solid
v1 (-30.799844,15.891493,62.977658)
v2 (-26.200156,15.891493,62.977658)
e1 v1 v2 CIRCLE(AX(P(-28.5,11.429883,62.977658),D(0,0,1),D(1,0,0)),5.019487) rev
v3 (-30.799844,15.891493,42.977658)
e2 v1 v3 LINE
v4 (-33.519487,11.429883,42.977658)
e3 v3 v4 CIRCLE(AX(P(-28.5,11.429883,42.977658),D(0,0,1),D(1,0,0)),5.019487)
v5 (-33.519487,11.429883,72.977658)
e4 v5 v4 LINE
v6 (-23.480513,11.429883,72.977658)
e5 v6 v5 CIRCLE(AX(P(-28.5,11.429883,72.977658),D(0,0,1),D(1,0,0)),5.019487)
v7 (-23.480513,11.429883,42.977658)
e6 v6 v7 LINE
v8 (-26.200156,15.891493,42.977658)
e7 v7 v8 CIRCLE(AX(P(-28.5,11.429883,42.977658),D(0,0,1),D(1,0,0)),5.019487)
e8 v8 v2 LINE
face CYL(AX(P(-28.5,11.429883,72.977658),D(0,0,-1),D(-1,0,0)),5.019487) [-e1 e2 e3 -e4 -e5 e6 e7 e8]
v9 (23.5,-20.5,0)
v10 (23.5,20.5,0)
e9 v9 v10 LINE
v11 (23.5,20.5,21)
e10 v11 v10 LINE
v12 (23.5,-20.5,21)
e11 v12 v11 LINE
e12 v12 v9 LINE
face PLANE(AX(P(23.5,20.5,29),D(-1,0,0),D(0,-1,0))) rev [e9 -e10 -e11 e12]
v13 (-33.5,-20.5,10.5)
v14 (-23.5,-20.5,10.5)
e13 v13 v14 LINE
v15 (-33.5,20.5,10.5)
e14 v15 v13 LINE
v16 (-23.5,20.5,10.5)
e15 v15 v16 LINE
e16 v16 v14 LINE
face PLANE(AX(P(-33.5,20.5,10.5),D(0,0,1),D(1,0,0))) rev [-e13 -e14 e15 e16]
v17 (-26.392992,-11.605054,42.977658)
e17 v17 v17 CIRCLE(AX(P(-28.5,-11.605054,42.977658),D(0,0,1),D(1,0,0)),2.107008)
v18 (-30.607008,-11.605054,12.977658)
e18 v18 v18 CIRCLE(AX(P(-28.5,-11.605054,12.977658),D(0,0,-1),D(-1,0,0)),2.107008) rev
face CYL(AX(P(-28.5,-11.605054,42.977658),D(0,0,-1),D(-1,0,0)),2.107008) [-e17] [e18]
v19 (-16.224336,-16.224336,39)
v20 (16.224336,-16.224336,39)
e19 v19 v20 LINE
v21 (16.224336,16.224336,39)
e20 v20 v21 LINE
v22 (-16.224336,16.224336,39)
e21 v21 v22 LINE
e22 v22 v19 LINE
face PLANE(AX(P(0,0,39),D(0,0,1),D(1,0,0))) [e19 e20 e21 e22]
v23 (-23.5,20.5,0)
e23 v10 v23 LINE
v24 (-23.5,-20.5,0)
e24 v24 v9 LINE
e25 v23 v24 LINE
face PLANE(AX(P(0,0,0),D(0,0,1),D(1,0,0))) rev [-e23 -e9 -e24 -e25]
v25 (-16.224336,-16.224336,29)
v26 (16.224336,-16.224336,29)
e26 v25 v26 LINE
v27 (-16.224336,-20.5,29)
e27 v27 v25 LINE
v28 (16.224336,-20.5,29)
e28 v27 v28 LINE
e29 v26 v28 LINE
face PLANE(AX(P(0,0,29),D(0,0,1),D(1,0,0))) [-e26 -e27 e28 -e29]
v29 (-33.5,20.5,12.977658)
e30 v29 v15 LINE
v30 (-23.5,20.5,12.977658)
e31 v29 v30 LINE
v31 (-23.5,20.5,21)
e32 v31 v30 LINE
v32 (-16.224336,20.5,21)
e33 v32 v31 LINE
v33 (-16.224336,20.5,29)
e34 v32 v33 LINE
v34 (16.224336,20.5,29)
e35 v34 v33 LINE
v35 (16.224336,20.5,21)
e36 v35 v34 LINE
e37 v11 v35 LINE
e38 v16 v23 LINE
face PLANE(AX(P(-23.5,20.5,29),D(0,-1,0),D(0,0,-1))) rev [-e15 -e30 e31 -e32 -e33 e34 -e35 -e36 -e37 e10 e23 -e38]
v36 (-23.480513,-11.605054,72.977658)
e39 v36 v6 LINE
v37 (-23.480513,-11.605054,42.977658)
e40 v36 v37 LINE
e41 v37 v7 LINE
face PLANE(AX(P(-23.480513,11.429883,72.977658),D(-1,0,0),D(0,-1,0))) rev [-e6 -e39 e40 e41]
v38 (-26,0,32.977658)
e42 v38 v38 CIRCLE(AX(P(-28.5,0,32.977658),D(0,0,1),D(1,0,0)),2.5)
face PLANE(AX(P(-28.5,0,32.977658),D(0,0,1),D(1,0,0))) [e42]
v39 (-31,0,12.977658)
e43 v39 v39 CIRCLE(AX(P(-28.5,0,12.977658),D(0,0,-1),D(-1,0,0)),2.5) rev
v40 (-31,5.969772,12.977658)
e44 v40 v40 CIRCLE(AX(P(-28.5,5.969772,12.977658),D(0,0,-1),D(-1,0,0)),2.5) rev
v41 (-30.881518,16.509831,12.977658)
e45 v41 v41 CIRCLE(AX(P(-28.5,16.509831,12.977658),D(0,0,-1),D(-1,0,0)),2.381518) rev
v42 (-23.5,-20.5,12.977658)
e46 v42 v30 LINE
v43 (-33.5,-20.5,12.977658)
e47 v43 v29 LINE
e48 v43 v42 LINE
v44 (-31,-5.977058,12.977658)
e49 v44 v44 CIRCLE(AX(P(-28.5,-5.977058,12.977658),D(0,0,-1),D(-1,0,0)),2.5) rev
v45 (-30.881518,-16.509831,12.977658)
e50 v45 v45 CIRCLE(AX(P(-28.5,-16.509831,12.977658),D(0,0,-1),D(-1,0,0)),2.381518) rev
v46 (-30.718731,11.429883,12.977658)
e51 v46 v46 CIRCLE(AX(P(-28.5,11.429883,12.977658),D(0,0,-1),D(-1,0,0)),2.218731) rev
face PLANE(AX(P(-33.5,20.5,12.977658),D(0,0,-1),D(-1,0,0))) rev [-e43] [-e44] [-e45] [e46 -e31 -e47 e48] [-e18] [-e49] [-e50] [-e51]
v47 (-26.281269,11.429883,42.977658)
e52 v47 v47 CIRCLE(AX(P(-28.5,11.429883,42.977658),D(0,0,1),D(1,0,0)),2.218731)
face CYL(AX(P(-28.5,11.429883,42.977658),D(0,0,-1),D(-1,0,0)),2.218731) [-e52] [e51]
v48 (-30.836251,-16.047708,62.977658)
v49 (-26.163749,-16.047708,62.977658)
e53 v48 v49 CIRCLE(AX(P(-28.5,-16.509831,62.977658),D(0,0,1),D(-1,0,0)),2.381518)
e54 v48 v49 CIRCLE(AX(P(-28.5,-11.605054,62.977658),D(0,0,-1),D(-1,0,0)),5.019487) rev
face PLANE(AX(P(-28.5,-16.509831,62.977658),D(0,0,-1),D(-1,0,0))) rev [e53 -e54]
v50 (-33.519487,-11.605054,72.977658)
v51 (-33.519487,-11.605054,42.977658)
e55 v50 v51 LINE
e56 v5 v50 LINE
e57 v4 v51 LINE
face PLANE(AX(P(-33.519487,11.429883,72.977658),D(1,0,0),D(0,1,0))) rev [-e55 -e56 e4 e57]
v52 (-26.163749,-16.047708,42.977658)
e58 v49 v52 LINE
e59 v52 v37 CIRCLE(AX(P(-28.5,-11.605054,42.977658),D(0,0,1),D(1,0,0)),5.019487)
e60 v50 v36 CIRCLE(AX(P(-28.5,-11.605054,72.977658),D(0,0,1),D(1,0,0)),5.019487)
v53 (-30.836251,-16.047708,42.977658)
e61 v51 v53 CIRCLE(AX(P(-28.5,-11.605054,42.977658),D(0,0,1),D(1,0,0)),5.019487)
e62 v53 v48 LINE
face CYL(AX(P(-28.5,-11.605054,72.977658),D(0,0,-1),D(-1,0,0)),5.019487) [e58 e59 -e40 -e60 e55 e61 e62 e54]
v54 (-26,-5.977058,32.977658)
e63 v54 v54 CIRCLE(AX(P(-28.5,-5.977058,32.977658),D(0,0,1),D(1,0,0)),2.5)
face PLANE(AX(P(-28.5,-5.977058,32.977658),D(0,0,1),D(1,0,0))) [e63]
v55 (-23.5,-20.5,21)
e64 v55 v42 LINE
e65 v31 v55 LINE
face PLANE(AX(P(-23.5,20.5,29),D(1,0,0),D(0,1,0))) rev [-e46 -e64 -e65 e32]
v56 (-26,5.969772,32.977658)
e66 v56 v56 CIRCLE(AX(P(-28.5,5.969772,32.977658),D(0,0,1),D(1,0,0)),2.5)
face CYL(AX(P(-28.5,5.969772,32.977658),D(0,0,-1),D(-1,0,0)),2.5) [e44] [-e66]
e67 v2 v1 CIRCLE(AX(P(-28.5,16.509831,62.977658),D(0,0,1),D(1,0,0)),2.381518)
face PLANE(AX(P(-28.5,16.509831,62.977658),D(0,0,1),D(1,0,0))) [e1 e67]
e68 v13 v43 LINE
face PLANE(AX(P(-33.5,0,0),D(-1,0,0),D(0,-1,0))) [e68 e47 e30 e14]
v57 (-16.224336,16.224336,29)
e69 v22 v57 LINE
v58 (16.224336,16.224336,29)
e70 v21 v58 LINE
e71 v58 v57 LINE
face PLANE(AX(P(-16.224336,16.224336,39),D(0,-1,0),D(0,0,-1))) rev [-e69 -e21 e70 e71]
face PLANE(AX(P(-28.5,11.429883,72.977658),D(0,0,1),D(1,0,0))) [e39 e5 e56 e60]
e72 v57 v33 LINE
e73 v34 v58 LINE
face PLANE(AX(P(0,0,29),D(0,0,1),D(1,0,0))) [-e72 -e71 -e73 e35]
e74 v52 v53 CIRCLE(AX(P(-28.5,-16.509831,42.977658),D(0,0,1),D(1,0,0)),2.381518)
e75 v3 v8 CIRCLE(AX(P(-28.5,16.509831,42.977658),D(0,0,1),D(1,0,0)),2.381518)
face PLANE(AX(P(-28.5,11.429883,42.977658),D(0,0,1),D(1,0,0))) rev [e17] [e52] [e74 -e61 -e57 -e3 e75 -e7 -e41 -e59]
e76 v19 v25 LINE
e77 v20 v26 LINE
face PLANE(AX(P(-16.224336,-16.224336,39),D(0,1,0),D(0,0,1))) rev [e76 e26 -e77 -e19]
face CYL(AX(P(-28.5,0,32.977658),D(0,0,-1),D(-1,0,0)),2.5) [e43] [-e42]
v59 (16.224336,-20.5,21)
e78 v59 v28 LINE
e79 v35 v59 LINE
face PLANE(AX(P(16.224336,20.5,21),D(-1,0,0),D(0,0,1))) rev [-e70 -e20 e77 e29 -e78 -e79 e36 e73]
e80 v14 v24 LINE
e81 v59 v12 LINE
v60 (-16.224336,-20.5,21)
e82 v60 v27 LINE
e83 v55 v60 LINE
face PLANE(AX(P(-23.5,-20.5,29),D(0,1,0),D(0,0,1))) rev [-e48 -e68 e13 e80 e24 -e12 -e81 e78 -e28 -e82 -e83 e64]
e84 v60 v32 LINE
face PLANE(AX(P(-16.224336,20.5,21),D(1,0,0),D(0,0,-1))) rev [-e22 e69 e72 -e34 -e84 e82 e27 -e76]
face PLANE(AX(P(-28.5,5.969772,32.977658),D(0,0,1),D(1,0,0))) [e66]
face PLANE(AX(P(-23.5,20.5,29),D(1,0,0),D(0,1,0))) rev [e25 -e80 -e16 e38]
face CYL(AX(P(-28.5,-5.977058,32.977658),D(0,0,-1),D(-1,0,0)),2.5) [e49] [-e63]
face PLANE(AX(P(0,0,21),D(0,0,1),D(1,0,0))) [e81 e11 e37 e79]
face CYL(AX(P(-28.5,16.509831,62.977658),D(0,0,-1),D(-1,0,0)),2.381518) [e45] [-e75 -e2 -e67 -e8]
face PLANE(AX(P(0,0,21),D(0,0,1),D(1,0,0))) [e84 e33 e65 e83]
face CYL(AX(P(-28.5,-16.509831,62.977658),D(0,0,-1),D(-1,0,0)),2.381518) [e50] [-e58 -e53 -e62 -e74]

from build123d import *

# Parameters (mm, degrees)
SKETCH_1_W          = 47
SKETCH_1_H          = 41
EXTRUDE_1_DEPTH     = 29
SKETCH_2_W          = 7.275664065
SKETCH_2_H          = 41
CUT_EXTRUDE_1_DEPTH = 8
SKETCH_3_W          = 32.44867187
SKETCH_3_H          = 32.44867187
EXTRUDE_2_DEPTH     = 10
SKETCH_4_W          = 2.477658442
SKETCH_4_H          = 41
EXTRUDE_3_DEPTH     = 10
SKETCH_5_R          = 2.381517546
EXTRUDE_4_DEPTH     = 50
SKETCH_6_R          = 2.5
EXTRUDE_5_DEPTH     = 20
SKETCH_7_R          = 2.218731485
SKETCH_7_R_2        = 2.107008454
EXTRUDE_6_DEPTH     = 30
EXTRUDE_7_DEPTH     = 30


with BuildPart() as part:
    # Эскиз1 → Бобышка-Вытянуть1 (new body)
    with BuildSketch(Plane.XY):
        Rectangle(SKETCH_1_W, SKETCH_1_H)
    extrude(amount=EXTRUDE_1_DEPTH)

    # Эскиз2 → Вырез-Вытянуть1 (cut)
    with BuildSketch(Plane.XY.offset(29)):
        with Locations((-19.862167967, 0)):
            Rectangle(SKETCH_2_W, SKETCH_2_H)
        with Locations((19.862167967, 0)):
            Rectangle(SKETCH_2_W, SKETCH_2_H)
    extrude(amount=-CUT_EXTRUDE_1_DEPTH, mode=Mode.SUBTRACT)

    # Эскиз3 → Бобышка-Вытянуть2 (add)
    with BuildSketch(Plane.XY.offset(29)):
        Rectangle(SKETCH_3_W, SKETCH_3_H)
    extrude(amount=EXTRUDE_2_DEPTH)

    # Эскиз4 → Бобышка-Вытянуть3 (add)
    with BuildSketch(Plane.ZY.offset(23.5)):
        with Locations((11.738829221, 0)):
            Rectangle(SKETCH_4_W, SKETCH_4_H)
    extrude(amount=EXTRUDE_3_DEPTH)

    # Эскиз5 → Бобышка-Вытянуть4 (add)
    with BuildSketch(Plane.XY.offset(12.977658442)):
        with Locations(Location((-28.5, 16.509831399, 0), (0, 0, 180))):
            Circle(SKETCH_5_R)
        with Locations(Location((-28.5, -16.509831399, 0), (0, 0, 180))):
            Circle(SKETCH_5_R)
    extrude(amount=EXTRUDE_4_DEPTH)

    # Эскиз6 → Бобышка-Вытянуть5 (add)
    with BuildSketch(Plane.XY.offset(12.977658442)):
        with Locations(Location((-28.5, 5.969771762, 0), (0, 0, 180))):
            Circle(SKETCH_6_R)
        with Locations(Location((-28.5, 0, 0), (0, 0, 180))):
            Circle(SKETCH_6_R)
        with Locations(Location((-28.5, -5.977057546, 0), (0, 0, 180))):
            Circle(SKETCH_6_R)
    extrude(amount=EXTRUDE_5_DEPTH)

    # Эскиз7 → Бобышка-Вытянуть6 (add)
    with BuildSketch(Plane.XY.offset(12.977658442)):
        with Locations(Location((-28.5, 11.429883276, 0), (0, 0, 180))):
            Circle(SKETCH_7_R)
        with Locations(Location((-28.5, -11.605053901, 0), (0, 0, 180))):
            Circle(SKETCH_7_R_2)
    extrude(amount=EXTRUDE_6_DEPTH)

    # Эскиз8 → Бобышка-Вытянуть7 (add)
    with BuildSketch(Plane.XY.offset(42.977658442)):
        with BuildLine():
            Line((-23.480513429, 11.429883276), (-23.480513429, -11.605053901))
            ThreePointArc((-23.480513429, -11.605053901), (-28.5, -16.624540472), (-33.519486571, -11.605053901))
            Line((-33.519486571, -11.605053901), (-33.519486571, 11.429883276))
            ThreePointArc((-33.519486571, 11.429883276), (-28.5, 16.449369847), (-23.480513429, 11.429883276))
        make_face()
    extrude(amount=EXTRUDE_7_DEPTH)


solid = part.part
